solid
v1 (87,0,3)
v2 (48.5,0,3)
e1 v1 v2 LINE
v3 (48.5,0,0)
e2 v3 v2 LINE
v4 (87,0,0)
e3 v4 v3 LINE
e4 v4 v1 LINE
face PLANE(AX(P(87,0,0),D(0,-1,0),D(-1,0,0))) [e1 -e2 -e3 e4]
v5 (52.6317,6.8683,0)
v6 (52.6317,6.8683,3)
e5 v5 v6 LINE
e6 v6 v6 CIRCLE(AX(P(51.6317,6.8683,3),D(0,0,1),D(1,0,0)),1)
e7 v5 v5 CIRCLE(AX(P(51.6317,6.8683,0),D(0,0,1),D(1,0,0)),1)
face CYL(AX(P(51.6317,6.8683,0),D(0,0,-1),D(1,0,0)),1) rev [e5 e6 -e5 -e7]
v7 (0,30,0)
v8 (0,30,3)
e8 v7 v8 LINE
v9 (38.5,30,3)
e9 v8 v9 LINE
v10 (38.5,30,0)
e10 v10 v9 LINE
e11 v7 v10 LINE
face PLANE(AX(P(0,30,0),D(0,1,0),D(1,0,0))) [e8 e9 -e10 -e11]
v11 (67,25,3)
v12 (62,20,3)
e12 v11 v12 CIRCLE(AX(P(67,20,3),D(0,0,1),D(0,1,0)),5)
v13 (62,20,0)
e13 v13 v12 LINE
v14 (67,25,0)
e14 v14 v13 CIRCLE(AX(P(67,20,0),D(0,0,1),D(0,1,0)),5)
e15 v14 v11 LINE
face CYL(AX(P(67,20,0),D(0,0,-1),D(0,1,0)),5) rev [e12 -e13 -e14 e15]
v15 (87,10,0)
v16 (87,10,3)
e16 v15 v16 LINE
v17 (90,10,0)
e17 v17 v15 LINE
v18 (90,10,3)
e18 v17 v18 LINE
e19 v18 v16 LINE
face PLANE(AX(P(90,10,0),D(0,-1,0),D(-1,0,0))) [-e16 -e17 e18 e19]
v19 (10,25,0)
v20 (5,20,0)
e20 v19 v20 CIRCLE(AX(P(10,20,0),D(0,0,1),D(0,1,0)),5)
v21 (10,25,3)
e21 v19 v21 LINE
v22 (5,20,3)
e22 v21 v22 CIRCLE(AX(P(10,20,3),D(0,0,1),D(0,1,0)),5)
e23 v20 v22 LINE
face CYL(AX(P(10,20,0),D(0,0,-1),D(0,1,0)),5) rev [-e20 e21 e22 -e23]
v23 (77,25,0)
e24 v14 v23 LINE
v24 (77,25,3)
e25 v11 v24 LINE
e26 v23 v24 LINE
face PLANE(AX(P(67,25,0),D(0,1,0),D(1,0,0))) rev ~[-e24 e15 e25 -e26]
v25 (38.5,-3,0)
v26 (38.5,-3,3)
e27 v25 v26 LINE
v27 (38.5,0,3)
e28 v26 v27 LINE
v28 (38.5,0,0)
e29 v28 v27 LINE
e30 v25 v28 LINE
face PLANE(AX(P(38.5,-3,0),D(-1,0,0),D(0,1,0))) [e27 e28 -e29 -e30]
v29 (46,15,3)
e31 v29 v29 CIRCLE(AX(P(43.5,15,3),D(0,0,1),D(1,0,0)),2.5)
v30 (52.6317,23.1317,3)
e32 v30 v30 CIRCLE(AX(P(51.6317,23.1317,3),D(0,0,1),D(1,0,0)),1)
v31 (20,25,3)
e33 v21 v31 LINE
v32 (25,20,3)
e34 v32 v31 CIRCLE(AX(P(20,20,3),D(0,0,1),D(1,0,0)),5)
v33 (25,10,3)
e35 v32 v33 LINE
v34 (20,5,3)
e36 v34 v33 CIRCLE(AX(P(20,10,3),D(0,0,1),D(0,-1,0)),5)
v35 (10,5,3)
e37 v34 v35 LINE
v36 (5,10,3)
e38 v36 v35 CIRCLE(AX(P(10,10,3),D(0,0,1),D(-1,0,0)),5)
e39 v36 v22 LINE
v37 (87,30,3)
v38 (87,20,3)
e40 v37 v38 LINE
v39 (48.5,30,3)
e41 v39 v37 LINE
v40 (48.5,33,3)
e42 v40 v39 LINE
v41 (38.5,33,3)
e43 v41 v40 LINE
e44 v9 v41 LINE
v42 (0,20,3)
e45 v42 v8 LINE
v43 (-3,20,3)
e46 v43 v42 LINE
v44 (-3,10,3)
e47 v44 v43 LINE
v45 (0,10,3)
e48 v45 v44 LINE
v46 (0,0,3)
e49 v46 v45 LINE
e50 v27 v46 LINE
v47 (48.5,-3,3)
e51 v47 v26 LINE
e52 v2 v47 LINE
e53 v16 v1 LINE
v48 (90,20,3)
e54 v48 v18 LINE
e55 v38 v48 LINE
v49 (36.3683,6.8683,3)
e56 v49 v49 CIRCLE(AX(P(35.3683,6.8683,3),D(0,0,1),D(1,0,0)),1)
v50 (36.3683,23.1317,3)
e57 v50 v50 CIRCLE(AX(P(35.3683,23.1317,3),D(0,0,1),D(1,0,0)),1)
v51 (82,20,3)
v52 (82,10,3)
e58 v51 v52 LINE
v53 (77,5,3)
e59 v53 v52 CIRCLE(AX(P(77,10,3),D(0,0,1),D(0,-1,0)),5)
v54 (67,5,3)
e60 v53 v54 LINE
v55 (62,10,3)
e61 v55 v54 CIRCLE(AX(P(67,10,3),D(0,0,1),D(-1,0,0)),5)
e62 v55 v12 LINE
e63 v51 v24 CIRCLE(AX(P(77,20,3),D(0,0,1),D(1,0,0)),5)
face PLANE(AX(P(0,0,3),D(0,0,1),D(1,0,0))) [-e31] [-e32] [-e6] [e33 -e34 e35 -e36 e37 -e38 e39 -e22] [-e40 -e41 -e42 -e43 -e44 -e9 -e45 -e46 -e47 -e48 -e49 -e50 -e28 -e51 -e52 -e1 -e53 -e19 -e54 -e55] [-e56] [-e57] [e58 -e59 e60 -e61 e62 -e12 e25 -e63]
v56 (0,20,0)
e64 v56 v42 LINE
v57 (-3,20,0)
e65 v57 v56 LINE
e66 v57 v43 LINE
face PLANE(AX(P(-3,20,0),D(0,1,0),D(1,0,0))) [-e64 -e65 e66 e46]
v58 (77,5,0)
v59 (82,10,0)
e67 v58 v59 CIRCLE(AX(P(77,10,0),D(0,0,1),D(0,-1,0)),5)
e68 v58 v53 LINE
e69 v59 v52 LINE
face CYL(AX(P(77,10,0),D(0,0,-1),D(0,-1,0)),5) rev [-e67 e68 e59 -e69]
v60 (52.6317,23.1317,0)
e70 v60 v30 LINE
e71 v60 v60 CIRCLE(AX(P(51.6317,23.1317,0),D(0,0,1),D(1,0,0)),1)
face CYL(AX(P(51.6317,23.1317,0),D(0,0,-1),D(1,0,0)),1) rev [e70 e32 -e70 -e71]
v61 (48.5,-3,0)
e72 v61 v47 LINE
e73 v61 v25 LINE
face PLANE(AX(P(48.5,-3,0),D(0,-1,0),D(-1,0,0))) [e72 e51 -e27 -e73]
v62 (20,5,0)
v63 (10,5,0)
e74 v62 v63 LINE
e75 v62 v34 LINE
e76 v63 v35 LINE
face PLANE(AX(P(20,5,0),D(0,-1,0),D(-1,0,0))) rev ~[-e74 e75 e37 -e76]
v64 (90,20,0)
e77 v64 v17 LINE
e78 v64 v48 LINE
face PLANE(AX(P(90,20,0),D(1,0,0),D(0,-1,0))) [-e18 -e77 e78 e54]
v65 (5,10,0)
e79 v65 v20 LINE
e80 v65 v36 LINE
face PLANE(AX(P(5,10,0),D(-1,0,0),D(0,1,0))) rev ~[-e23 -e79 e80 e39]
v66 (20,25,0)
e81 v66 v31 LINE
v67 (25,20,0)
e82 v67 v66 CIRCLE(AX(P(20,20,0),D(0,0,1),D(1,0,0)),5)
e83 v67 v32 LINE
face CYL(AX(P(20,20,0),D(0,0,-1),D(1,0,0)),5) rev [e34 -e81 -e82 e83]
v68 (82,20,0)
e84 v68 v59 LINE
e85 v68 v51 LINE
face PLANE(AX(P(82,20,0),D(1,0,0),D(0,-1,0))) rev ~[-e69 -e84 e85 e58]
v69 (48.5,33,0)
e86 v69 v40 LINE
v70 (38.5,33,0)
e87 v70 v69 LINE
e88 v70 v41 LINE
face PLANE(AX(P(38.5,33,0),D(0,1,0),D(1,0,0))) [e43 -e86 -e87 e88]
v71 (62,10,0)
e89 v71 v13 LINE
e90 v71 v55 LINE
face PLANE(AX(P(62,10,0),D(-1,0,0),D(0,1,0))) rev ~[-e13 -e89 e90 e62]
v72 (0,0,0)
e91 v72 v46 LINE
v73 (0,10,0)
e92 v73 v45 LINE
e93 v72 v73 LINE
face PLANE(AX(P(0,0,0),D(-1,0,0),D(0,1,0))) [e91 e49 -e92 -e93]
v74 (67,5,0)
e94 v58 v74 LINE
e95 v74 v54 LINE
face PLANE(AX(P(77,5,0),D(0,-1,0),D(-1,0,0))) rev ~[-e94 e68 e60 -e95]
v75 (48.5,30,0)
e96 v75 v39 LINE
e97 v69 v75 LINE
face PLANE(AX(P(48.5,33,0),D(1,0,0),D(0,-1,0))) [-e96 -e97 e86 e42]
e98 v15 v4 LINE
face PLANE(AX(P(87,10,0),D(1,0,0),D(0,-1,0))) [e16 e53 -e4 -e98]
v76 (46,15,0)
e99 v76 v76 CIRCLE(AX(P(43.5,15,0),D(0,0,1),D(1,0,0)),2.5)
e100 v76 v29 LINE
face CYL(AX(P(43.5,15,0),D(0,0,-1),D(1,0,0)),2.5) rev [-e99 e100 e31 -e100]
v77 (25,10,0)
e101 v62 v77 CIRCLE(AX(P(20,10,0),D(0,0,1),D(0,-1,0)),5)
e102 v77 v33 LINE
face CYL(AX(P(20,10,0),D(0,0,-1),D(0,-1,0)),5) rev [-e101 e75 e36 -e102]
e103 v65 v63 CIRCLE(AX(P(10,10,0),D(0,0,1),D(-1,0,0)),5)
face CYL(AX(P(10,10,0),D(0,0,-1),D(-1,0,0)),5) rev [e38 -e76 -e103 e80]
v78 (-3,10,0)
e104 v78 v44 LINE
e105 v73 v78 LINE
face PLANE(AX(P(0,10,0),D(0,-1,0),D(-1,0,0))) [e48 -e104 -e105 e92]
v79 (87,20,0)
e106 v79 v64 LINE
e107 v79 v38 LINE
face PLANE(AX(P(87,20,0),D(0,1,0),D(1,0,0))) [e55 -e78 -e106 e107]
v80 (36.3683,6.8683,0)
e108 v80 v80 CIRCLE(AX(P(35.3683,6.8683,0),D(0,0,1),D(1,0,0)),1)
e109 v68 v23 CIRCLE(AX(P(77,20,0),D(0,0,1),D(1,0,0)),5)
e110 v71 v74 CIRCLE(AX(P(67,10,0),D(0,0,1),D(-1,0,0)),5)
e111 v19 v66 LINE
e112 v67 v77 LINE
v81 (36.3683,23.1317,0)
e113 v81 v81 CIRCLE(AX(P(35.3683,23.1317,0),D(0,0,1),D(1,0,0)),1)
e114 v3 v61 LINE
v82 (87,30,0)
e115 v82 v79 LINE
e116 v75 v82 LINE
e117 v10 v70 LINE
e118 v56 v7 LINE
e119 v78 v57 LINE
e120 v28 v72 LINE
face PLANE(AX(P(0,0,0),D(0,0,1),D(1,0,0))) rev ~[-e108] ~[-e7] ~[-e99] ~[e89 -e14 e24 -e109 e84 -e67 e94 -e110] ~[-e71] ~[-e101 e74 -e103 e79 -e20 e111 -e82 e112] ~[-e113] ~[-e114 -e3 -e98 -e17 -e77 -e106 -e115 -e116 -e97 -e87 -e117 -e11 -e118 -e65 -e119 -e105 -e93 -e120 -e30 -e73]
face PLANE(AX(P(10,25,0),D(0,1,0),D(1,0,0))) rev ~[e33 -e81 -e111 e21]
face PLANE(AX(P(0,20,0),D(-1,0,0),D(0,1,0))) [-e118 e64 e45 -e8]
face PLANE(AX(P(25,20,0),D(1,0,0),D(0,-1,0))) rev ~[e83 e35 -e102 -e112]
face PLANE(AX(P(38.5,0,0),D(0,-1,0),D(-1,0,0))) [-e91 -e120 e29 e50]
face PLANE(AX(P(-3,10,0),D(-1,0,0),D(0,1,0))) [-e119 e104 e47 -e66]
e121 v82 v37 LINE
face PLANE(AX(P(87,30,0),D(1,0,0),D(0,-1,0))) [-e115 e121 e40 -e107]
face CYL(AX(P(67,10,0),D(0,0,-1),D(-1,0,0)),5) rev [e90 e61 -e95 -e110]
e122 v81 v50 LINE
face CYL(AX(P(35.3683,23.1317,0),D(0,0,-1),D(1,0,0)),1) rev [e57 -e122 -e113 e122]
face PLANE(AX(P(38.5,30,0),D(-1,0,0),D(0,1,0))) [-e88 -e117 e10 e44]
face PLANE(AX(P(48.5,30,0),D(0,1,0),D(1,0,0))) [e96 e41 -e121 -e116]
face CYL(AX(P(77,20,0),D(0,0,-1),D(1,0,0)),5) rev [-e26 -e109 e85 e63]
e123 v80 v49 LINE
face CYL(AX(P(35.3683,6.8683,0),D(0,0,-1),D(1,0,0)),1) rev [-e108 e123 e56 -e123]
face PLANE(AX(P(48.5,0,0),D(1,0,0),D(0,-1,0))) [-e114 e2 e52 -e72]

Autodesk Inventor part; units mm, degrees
ref_plane "YZ Plane" through (0, 0, 0) normal (1, 0, 0) x (0, 1, 0)
ref_plane "XZ Plane" through (0, 0, 0) normal (0, 1, 0) x (-1, 0, 0)
ref_plane "XY Plane" through (0, 0, 0) normal (0, 0, 1) x (1, 0, 0)
sketch "Sketch1" plane through (0, 0, 0) normal (0, 0, 1) x (1, 0, 0)
  line L0 (0, 0) -> (0, 10)
  line L1 (0, 10) -> (-3, 10)
  line L2 (-3, 10) -> (-3, 20)
  line L3 (-3, 20) -> (0, 20)
  line L4 (0, 20) -> (0, 30)
  line L5 (0, 30) -> (38.5, 30)
  line L6 (38.5, 30) -> (38.5, 33)
  line L7 (38.5, 33) -> (48.5, 33)
  line L8 (48.5, 33) -> (48.5, 30)
  line L9 (48.5, 30) -> (87, 30)
  line L10 (87, 30) -> (87, 20)
  line L11 (87, 20) -> (90, 20)
  line L12 (90, 20) -> (90, 10)
  line L13 (90, 10) -> (87, 10)
  line L14 (87, 10) -> (87, 0)
  line L15 (87, 0) -> (48.5, 0)
  line L16 (48.5, 0) -> (48.5, -3)
  line L17 (48.5, -3) -> (38.5, -3)
  line L18 (38.5, -3) -> (38.5, 0)
  line L19 (38.5, 0) -> (0, 0)
  line L20 (10, 25) -> (20, 25)
  line L21 (25, 20) -> (25, 10)
  line L22 (20, 5) -> (10, 5)
  line L23 (5, 10) -> (5, 20)
  line L24 (67, 25) -> (77, 25)
  line L25 (82, 20) -> (82, 10)
  line L26 (77, 5) -> (67, 5)
  line L27 (62, 10) -> (62, 20)
  arc A0 (10, 25) -> (5, 20) centre (10, 20) ccw
  arc A1 (25, 20) -> (20, 25) centre (20, 20) ccw
  arc A2 (20, 5) -> (25, 10) centre (20, 10) ccw
  arc A3 (5, 10) -> (10, 5) centre (10, 10) ccw
  arc A4 (67, 25) -> (62, 20) centre (67, 20) ccw
  arc A5 (82, 20) -> (77, 25) centre (77, 20) ccw
  arc A6 (77, 5) -> (82, 10) centre (77, 10) ccw
  arc A7 (62, 10) -> (67, 5) centre (67, 10) ccw
  circle A8 centre (43.5, 15) radius 2.5
  circle A9 centre (35.3683, 23.1317) radius 1
  circle A10 centre (35.3683, 6.8683) radius 1
  circle A11 centre (51.6317, 6.8683) radius 1
  circle A12 centre (51.6317, 23.1317) radius 1
  dimension "d0" = 10
  dimension "d1" = 10
  dimension "d2" = 10
  dimension "d3" = 10
  dimension "d4" = 10
  dimension "d5" = 10
  dimension "d6" = 38.5
  dimension "d7" = 38.5
  dimension "d8" = 10
  dimension "d9" = 38.5
  dimension "d10" = 10
  dimension "d11" = 38.5
  dimension "d12" = 5
  dimension "d13" = 5
  dimension "d15" = 5
  dimension "d16" = 20
  dimension "d17" = 5
  dimension "d18" = 5
  dimension "d19" = 5
  dimension "d20" = 20
  dimension "d21" = 3
  dimension "d22" = 3
  dimension "d23" = 3
  dimension "d24" = 3
  dimension "d25" = 5
  dimension "d26" = 5
  dimension "d27" = 5
  dimension "d28" = 15
  dimension "d30" = 2
  dimension "d34" = 360
extrude "Extrusion1" add sketch "Sketch1" along normal blind 3
properties part number "OpenROV 2_3 Dev Vertical Motor Mount"
